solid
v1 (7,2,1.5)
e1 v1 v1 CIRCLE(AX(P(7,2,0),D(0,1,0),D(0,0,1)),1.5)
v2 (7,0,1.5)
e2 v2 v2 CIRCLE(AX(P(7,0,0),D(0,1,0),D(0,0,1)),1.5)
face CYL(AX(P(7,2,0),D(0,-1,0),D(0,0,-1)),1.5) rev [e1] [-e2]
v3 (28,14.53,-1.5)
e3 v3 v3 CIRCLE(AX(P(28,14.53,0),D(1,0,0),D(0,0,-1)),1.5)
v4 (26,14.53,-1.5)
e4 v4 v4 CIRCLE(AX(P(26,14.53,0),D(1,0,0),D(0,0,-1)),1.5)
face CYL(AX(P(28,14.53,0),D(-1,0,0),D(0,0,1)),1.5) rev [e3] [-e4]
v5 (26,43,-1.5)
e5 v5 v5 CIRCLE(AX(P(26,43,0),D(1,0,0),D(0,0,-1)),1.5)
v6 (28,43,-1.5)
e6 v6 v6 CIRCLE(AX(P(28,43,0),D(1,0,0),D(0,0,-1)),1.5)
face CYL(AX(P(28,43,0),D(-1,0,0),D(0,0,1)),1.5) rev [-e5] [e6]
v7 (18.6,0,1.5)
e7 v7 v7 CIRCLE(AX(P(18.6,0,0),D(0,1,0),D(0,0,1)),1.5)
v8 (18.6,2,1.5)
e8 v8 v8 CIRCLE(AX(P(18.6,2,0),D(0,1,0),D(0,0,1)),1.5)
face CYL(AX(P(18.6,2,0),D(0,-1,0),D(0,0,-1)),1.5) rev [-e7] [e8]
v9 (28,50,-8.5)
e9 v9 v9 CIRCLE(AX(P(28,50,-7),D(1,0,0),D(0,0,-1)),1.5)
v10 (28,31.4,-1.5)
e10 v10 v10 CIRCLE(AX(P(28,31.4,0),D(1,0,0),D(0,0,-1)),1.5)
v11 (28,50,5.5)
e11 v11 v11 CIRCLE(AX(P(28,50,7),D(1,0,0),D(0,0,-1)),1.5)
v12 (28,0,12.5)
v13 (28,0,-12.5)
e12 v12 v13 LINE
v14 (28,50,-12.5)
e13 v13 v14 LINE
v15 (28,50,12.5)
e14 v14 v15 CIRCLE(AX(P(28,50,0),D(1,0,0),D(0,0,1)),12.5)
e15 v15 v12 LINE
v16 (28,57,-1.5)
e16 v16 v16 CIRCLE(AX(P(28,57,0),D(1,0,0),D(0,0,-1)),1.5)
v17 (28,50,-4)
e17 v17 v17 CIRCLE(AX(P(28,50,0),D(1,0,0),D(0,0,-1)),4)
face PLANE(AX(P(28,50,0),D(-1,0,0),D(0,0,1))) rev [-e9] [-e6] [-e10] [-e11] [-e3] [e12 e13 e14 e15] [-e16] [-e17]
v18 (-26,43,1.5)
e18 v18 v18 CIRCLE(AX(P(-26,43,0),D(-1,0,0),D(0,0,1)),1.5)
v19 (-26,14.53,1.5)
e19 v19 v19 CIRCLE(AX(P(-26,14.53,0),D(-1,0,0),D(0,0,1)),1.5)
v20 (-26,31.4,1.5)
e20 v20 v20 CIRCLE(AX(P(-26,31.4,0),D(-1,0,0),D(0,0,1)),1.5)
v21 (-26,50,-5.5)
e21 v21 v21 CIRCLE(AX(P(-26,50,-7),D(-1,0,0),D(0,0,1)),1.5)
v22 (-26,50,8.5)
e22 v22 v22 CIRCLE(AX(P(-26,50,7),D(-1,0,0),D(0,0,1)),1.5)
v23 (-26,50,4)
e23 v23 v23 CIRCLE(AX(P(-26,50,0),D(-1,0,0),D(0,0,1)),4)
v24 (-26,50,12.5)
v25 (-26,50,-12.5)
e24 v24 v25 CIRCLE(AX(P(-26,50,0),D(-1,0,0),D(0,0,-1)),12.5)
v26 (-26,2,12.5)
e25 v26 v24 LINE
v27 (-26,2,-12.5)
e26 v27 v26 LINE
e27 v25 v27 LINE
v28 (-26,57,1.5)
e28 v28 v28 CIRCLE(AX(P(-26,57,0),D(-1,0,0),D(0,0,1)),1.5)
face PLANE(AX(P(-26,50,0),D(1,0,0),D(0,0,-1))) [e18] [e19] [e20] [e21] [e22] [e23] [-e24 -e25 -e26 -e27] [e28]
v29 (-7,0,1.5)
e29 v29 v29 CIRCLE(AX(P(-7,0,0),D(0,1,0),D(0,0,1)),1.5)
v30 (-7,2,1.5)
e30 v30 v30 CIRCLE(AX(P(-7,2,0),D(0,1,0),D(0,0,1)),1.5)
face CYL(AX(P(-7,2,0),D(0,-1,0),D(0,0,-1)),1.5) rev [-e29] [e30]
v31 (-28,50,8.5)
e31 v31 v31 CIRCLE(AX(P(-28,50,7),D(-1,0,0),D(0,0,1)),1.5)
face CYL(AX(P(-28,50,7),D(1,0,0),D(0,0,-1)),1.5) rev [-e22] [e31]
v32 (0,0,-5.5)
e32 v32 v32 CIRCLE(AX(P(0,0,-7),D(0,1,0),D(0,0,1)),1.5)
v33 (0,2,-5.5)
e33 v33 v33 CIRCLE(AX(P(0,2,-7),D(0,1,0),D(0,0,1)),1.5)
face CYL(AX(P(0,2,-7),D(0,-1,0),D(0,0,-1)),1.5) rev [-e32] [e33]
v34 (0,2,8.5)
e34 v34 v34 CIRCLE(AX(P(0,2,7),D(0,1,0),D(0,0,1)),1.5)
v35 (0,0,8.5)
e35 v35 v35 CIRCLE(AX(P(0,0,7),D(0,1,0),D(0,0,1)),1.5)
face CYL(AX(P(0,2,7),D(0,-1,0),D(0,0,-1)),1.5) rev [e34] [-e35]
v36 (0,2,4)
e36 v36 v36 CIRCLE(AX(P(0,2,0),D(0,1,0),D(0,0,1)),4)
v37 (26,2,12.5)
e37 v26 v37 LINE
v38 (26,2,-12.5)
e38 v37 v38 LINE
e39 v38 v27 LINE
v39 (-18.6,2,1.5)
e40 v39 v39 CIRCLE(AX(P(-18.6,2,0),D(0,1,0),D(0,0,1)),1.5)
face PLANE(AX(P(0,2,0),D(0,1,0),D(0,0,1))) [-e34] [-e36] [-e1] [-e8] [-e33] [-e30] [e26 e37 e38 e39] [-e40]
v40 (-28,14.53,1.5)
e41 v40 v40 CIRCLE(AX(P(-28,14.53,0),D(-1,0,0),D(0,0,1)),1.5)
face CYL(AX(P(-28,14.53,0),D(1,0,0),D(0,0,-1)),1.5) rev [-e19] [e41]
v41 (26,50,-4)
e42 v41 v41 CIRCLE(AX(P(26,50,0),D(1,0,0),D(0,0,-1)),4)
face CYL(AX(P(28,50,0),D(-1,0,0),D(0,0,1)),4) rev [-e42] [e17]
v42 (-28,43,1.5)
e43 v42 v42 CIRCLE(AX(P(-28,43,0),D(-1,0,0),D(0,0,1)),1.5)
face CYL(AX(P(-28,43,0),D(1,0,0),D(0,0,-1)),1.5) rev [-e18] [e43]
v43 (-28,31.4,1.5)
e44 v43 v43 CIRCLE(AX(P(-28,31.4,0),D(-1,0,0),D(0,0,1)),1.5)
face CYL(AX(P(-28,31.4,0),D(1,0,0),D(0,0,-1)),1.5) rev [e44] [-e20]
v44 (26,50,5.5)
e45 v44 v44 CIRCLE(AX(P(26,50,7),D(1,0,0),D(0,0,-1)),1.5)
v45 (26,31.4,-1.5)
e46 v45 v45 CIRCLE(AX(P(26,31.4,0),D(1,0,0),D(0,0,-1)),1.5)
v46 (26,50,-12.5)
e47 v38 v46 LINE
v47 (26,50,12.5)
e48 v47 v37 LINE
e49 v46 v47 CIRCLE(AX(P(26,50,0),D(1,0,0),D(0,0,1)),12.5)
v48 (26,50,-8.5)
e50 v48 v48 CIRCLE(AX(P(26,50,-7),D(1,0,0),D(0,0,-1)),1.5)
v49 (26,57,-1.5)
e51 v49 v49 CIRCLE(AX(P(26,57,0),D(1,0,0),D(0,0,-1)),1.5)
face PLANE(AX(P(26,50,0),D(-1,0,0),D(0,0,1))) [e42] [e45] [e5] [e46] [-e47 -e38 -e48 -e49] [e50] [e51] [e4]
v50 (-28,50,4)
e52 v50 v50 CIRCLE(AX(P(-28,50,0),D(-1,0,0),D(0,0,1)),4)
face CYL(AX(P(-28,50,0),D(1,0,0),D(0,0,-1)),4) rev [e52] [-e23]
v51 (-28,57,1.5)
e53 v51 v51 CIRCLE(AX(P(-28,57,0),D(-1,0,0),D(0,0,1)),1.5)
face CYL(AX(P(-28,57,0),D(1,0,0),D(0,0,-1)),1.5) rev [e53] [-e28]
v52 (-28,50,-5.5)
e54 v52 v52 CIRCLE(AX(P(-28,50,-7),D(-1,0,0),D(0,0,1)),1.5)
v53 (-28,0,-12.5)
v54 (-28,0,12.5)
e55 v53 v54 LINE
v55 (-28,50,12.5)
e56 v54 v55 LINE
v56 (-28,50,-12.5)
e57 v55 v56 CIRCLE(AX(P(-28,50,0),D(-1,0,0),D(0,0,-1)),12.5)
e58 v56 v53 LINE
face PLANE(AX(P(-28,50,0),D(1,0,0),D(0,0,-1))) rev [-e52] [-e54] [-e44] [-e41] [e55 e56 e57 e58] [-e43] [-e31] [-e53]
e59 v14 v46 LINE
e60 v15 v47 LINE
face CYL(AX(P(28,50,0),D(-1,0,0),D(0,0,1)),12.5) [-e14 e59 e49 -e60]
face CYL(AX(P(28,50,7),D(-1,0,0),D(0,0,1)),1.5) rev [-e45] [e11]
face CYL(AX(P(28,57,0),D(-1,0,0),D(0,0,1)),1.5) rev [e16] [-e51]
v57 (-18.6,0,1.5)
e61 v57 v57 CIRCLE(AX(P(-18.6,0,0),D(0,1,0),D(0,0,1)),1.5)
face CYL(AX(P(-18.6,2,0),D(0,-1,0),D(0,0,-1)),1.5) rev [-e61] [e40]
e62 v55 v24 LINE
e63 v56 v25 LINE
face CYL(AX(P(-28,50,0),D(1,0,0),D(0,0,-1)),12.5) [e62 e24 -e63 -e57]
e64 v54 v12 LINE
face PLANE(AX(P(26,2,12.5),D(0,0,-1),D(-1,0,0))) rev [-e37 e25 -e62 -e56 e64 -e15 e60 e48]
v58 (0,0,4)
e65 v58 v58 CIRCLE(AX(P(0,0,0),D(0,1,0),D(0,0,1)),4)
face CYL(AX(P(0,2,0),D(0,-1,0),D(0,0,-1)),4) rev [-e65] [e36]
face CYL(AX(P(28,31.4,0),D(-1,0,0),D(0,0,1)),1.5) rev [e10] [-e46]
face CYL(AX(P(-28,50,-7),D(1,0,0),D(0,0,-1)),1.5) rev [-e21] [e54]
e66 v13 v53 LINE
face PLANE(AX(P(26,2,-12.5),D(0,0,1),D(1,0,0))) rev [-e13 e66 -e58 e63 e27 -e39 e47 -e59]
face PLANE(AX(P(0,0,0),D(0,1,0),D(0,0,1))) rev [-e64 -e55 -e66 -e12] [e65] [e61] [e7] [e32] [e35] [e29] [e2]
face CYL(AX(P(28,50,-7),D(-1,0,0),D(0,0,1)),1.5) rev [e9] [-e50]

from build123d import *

# Parameters (mm, degrees)
SKETCH1_W           = 52
SKETCH1_H           = 25
SKETCH1_R           = 4
SKETCH1_R_2         = 1.5
BOSS_EXTRUDE1_DEPTH = 2
SKETCH3_R           = 4
SKETCH3_R_2         = 1.5
BOSS_EXTRUDE2_DEPTH = 2
SKETCH4_R           = 4
SKETCH4_R_2         = 1.5
BOSS_EXTRUDE3_DEPTH = 2


with BuildPart() as part:
    # Sketch1 → Boss-Extrude1 (new body)
    with BuildSketch(Plane(origin=(0, 0, 0), x_dir=(1, 0, 0), z_dir=(0, 1, 0))):
        Rectangle(SKETCH1_W, SKETCH1_H)
        Circle(SKETCH1_R, mode=Mode.SUBTRACT)
        with Locations((18.6, 0)):
            Circle(SKETCH1_R_2, mode=Mode.SUBTRACT)
        with Locations((0, 7)):
            Circle(SKETCH1_R_2, mode=Mode.SUBTRACT)
        with Locations((7, 0)):
            Circle(SKETCH1_R_2, mode=Mode.SUBTRACT)
        with Locations((0, -7)):
            Circle(SKETCH1_R_2, mode=Mode.SUBTRACT)
        with Locations((-7, 0)):
            Circle(SKETCH1_R_2, mode=Mode.SUBTRACT)
        with Locations((-18.6, 0)):
            Circle(SKETCH1_R_2, mode=Mode.SUBTRACT)
    extrude(amount=BOSS_EXTRUDE1_DEPTH)

    # Sketch3 → Boss-Extrude2 (add)
    with BuildSketch(Plane(origin=(26, 0, 0), x_dir=(0, 0, -1), z_dir=(1, 0, 0))):
        with BuildLine():
            Line((-12.5, 0), (12.5, 0))
            Line((12.5, 0), (12.5, 50))
            ThreePointArc((12.5, 50), (0, 62.5), (-12.5, 50))
            Line((-12.5, 50), (-12.5, 0))
        make_face()
        with Locations((0, 50)):
            Circle(SKETCH3_R, mode=Mode.SUBTRACT)
        with Locations((0, 43)):
            Circle(SKETCH3_R_2, mode=Mode.SUBTRACT)
        with Locations((7, 50)):
            Circle(SKETCH3_R_2, mode=Mode.SUBTRACT)
        with Locations((0, 57)):
            Circle(SKETCH3_R_2, mode=Mode.SUBTRACT)
        with Locations((-7, 50)):
            Circle(SKETCH3_R_2, mode=Mode.SUBTRACT)
        with Locations((0, 31.4)):
            Circle(SKETCH3_R_2, mode=Mode.SUBTRACT)
        with Locations((0, 14.53)):
            Circle(SKETCH3_R_2, mode=Mode.SUBTRACT)
    extrude(amount=BOSS_EXTRUDE2_DEPTH)

    # Sketch4 → Boss-Extrude3 (add)
    with BuildSketch(Plane.ZY.offset(26)):
        with BuildLine():
            Line((-12.5, 0), (12.5, 0))
            Line((12.5, 0), (12.5, 50))
            ThreePointArc((12.5, 50), (0, 62.5), (-12.5, 50))
            Line((-12.5, 50), (-12.5, 0))
        make_face()
        with Locations((0, 50)):
            Circle(SKETCH4_R, mode=Mode.SUBTRACT)
        with Locations((0, 57)):
            Circle(SKETCH4_R_2, mode=Mode.SUBTRACT)
        with Locations((7, 50)):
            Circle(SKETCH4_R_2, mode=Mode.SUBTRACT)
        with Locations((-7, 50)):
            Circle(SKETCH4_R_2, mode=Mode.SUBTRACT)
        with Locations((0, 43)):
            Circle(SKETCH4_R_2, mode=Mode.SUBTRACT)
        with Locations((0, 31.4)):
            Circle(SKETCH4_R_2, mode=Mode.SUBTRACT)
        with Locations((0, 14.53)):
            Circle(SKETCH4_R_2, mode=Mode.SUBTRACT)
    extrude(amount=BOSS_EXTRUDE3_DEPTH)


solid = part.part
